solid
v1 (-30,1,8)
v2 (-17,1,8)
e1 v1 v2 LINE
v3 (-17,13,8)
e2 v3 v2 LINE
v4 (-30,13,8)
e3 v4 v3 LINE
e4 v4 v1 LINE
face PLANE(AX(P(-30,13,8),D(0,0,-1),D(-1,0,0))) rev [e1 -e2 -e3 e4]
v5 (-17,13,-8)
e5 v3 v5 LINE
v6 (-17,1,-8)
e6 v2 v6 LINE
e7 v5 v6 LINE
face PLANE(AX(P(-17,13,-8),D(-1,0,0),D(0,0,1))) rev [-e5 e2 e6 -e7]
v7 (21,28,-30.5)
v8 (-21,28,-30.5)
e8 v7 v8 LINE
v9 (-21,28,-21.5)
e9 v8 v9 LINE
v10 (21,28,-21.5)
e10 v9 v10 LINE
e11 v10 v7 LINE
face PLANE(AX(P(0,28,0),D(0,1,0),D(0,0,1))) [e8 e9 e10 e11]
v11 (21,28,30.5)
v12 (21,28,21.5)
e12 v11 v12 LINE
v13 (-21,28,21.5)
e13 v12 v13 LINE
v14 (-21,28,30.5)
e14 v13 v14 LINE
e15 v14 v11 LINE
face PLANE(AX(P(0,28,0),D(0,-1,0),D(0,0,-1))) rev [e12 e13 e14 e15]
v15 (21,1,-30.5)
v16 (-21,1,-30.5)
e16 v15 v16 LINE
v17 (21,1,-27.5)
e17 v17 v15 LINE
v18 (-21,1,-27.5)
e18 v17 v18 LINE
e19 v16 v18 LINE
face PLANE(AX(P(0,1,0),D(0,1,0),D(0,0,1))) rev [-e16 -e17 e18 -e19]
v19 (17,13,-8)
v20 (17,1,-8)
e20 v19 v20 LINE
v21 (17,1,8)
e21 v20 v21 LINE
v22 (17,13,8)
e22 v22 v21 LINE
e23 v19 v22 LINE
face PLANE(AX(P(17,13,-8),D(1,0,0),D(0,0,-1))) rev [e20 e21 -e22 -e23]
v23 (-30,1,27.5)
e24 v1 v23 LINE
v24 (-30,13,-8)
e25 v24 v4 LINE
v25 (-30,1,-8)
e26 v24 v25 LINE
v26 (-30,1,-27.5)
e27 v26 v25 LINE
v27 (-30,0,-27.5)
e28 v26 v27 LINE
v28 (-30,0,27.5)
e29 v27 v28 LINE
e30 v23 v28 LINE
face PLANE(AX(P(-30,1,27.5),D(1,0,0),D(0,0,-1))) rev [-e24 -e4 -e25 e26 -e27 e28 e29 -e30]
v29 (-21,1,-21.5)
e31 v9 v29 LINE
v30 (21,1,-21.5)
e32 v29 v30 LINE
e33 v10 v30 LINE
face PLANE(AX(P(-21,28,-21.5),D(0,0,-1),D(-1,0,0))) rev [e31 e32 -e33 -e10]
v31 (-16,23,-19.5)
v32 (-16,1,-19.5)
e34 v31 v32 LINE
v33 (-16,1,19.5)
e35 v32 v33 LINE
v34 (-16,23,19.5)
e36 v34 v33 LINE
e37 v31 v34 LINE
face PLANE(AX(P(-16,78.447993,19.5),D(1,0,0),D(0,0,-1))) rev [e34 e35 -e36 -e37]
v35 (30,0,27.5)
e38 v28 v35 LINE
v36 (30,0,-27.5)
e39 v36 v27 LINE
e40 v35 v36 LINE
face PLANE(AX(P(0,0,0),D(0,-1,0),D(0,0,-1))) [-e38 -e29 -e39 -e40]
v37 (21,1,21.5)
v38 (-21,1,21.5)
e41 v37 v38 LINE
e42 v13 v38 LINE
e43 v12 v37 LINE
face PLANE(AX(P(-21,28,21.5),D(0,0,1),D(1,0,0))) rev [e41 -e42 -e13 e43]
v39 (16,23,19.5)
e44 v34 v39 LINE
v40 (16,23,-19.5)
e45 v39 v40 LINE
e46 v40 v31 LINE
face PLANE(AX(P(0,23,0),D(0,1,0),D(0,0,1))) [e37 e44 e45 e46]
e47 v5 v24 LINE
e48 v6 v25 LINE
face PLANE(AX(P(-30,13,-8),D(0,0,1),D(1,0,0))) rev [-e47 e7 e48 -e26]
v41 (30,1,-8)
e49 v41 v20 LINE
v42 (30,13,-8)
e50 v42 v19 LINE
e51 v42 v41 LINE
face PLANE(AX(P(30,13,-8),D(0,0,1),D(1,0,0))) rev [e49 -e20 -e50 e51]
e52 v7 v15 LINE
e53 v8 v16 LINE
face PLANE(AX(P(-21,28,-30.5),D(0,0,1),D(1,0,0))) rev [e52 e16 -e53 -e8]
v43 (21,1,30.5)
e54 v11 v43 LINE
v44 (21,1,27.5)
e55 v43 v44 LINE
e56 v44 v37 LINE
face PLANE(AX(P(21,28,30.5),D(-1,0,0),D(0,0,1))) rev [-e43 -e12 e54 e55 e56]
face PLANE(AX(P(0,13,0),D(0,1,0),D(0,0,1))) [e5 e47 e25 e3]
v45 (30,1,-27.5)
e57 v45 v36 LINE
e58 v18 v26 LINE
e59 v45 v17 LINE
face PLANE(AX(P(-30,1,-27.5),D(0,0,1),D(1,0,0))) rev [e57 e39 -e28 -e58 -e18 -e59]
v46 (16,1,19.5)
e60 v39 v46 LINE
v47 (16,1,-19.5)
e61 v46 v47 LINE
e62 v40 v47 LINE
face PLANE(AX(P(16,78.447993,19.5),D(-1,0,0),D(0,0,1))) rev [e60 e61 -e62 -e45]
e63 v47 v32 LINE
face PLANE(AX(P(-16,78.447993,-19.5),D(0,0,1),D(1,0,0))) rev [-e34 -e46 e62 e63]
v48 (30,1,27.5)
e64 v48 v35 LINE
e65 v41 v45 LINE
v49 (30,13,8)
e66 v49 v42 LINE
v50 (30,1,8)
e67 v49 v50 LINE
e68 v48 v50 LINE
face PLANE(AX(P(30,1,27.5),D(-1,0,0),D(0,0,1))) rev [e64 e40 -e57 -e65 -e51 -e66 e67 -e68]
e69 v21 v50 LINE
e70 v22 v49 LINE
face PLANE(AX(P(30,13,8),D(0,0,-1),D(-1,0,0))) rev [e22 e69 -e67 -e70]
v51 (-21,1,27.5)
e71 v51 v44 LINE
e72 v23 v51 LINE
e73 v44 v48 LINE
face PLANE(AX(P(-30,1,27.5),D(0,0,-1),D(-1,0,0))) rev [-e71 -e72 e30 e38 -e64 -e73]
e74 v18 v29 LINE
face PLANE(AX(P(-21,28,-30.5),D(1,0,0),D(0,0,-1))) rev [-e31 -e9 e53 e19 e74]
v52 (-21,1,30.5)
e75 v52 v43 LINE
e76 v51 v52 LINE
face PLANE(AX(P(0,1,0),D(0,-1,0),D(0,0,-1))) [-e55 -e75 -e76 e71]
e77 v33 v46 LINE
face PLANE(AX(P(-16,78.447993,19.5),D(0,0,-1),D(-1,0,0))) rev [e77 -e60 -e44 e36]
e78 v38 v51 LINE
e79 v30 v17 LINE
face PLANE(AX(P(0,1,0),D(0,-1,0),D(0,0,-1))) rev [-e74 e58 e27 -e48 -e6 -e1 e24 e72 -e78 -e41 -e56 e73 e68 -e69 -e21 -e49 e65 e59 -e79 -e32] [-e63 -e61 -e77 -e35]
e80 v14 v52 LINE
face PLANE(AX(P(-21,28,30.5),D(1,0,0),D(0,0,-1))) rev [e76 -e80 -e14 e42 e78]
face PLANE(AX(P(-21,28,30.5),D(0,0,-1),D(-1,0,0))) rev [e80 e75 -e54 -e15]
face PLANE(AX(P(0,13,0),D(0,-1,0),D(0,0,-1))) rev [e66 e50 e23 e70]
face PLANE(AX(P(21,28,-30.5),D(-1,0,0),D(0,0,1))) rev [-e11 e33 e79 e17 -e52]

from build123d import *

# Parameters (mm, degrees)
SKETCH1_W           = 60
SKETCH1_H           = 55
BOSS_EXTRUDE1_DEPTH = 1
SKETCH2_W           = 42
SKETCH2_H           = 9
BOSS_EXTRUDE2_DEPTH = 27
SKETCH3_W           = 13
SKETCH3_H           = 16
BOSS_EXTRUDE3_DEPTH = 12
SKETCH4_W           = 32
SKETCH4_H           = 39
BOSS_EXTRUDE4_DEPTH = 22


with BuildPart() as part:
    # Sketch1 → Boss-Extrude1 (new body)
    with BuildSketch(Plane(origin=(0, 0, 0), x_dir=(1, 0, 0), z_dir=(0, 1, 0))):
        Rectangle(SKETCH1_W, SKETCH1_H)
    extrude(amount=BOSS_EXTRUDE1_DEPTH)

    # Sketch2 → Boss-Extrude2 (add)
    with BuildSketch(Plane(origin=(0, 1, 0), x_dir=(1, 0, 0), z_dir=(0, 1, 0))):
        with Locations((0, 26)):
            Rectangle(SKETCH2_W, SKETCH2_H)
        with Locations((0, -26)):
            Rectangle(SKETCH2_W, SKETCH2_H)
    extrude(amount=BOSS_EXTRUDE2_DEPTH)

    # Sketch3 → Boss-Extrude3 (add)
    with BuildSketch(Plane(origin=(0, 1, 0), x_dir=(1, 0, 0), z_dir=(0, 1, 0))):
        with Locations((-23.5, 0)):
            Rectangle(SKETCH3_W, SKETCH3_H)
        with Locations((23.5, 0)):
            Rectangle(SKETCH3_W, SKETCH3_H)
    extrude(amount=BOSS_EXTRUDE3_DEPTH)

    # Sketch4 → Boss-Extrude4 (add)
    with BuildSketch(Plane(origin=(0, 1, 0), x_dir=(1, 0, 0), z_dir=(0, 1, 0))):
        Rectangle(SKETCH4_W, SKETCH4_H)
    extrude(amount=BOSS_EXTRUDE4_DEPTH)


solid = part.part
